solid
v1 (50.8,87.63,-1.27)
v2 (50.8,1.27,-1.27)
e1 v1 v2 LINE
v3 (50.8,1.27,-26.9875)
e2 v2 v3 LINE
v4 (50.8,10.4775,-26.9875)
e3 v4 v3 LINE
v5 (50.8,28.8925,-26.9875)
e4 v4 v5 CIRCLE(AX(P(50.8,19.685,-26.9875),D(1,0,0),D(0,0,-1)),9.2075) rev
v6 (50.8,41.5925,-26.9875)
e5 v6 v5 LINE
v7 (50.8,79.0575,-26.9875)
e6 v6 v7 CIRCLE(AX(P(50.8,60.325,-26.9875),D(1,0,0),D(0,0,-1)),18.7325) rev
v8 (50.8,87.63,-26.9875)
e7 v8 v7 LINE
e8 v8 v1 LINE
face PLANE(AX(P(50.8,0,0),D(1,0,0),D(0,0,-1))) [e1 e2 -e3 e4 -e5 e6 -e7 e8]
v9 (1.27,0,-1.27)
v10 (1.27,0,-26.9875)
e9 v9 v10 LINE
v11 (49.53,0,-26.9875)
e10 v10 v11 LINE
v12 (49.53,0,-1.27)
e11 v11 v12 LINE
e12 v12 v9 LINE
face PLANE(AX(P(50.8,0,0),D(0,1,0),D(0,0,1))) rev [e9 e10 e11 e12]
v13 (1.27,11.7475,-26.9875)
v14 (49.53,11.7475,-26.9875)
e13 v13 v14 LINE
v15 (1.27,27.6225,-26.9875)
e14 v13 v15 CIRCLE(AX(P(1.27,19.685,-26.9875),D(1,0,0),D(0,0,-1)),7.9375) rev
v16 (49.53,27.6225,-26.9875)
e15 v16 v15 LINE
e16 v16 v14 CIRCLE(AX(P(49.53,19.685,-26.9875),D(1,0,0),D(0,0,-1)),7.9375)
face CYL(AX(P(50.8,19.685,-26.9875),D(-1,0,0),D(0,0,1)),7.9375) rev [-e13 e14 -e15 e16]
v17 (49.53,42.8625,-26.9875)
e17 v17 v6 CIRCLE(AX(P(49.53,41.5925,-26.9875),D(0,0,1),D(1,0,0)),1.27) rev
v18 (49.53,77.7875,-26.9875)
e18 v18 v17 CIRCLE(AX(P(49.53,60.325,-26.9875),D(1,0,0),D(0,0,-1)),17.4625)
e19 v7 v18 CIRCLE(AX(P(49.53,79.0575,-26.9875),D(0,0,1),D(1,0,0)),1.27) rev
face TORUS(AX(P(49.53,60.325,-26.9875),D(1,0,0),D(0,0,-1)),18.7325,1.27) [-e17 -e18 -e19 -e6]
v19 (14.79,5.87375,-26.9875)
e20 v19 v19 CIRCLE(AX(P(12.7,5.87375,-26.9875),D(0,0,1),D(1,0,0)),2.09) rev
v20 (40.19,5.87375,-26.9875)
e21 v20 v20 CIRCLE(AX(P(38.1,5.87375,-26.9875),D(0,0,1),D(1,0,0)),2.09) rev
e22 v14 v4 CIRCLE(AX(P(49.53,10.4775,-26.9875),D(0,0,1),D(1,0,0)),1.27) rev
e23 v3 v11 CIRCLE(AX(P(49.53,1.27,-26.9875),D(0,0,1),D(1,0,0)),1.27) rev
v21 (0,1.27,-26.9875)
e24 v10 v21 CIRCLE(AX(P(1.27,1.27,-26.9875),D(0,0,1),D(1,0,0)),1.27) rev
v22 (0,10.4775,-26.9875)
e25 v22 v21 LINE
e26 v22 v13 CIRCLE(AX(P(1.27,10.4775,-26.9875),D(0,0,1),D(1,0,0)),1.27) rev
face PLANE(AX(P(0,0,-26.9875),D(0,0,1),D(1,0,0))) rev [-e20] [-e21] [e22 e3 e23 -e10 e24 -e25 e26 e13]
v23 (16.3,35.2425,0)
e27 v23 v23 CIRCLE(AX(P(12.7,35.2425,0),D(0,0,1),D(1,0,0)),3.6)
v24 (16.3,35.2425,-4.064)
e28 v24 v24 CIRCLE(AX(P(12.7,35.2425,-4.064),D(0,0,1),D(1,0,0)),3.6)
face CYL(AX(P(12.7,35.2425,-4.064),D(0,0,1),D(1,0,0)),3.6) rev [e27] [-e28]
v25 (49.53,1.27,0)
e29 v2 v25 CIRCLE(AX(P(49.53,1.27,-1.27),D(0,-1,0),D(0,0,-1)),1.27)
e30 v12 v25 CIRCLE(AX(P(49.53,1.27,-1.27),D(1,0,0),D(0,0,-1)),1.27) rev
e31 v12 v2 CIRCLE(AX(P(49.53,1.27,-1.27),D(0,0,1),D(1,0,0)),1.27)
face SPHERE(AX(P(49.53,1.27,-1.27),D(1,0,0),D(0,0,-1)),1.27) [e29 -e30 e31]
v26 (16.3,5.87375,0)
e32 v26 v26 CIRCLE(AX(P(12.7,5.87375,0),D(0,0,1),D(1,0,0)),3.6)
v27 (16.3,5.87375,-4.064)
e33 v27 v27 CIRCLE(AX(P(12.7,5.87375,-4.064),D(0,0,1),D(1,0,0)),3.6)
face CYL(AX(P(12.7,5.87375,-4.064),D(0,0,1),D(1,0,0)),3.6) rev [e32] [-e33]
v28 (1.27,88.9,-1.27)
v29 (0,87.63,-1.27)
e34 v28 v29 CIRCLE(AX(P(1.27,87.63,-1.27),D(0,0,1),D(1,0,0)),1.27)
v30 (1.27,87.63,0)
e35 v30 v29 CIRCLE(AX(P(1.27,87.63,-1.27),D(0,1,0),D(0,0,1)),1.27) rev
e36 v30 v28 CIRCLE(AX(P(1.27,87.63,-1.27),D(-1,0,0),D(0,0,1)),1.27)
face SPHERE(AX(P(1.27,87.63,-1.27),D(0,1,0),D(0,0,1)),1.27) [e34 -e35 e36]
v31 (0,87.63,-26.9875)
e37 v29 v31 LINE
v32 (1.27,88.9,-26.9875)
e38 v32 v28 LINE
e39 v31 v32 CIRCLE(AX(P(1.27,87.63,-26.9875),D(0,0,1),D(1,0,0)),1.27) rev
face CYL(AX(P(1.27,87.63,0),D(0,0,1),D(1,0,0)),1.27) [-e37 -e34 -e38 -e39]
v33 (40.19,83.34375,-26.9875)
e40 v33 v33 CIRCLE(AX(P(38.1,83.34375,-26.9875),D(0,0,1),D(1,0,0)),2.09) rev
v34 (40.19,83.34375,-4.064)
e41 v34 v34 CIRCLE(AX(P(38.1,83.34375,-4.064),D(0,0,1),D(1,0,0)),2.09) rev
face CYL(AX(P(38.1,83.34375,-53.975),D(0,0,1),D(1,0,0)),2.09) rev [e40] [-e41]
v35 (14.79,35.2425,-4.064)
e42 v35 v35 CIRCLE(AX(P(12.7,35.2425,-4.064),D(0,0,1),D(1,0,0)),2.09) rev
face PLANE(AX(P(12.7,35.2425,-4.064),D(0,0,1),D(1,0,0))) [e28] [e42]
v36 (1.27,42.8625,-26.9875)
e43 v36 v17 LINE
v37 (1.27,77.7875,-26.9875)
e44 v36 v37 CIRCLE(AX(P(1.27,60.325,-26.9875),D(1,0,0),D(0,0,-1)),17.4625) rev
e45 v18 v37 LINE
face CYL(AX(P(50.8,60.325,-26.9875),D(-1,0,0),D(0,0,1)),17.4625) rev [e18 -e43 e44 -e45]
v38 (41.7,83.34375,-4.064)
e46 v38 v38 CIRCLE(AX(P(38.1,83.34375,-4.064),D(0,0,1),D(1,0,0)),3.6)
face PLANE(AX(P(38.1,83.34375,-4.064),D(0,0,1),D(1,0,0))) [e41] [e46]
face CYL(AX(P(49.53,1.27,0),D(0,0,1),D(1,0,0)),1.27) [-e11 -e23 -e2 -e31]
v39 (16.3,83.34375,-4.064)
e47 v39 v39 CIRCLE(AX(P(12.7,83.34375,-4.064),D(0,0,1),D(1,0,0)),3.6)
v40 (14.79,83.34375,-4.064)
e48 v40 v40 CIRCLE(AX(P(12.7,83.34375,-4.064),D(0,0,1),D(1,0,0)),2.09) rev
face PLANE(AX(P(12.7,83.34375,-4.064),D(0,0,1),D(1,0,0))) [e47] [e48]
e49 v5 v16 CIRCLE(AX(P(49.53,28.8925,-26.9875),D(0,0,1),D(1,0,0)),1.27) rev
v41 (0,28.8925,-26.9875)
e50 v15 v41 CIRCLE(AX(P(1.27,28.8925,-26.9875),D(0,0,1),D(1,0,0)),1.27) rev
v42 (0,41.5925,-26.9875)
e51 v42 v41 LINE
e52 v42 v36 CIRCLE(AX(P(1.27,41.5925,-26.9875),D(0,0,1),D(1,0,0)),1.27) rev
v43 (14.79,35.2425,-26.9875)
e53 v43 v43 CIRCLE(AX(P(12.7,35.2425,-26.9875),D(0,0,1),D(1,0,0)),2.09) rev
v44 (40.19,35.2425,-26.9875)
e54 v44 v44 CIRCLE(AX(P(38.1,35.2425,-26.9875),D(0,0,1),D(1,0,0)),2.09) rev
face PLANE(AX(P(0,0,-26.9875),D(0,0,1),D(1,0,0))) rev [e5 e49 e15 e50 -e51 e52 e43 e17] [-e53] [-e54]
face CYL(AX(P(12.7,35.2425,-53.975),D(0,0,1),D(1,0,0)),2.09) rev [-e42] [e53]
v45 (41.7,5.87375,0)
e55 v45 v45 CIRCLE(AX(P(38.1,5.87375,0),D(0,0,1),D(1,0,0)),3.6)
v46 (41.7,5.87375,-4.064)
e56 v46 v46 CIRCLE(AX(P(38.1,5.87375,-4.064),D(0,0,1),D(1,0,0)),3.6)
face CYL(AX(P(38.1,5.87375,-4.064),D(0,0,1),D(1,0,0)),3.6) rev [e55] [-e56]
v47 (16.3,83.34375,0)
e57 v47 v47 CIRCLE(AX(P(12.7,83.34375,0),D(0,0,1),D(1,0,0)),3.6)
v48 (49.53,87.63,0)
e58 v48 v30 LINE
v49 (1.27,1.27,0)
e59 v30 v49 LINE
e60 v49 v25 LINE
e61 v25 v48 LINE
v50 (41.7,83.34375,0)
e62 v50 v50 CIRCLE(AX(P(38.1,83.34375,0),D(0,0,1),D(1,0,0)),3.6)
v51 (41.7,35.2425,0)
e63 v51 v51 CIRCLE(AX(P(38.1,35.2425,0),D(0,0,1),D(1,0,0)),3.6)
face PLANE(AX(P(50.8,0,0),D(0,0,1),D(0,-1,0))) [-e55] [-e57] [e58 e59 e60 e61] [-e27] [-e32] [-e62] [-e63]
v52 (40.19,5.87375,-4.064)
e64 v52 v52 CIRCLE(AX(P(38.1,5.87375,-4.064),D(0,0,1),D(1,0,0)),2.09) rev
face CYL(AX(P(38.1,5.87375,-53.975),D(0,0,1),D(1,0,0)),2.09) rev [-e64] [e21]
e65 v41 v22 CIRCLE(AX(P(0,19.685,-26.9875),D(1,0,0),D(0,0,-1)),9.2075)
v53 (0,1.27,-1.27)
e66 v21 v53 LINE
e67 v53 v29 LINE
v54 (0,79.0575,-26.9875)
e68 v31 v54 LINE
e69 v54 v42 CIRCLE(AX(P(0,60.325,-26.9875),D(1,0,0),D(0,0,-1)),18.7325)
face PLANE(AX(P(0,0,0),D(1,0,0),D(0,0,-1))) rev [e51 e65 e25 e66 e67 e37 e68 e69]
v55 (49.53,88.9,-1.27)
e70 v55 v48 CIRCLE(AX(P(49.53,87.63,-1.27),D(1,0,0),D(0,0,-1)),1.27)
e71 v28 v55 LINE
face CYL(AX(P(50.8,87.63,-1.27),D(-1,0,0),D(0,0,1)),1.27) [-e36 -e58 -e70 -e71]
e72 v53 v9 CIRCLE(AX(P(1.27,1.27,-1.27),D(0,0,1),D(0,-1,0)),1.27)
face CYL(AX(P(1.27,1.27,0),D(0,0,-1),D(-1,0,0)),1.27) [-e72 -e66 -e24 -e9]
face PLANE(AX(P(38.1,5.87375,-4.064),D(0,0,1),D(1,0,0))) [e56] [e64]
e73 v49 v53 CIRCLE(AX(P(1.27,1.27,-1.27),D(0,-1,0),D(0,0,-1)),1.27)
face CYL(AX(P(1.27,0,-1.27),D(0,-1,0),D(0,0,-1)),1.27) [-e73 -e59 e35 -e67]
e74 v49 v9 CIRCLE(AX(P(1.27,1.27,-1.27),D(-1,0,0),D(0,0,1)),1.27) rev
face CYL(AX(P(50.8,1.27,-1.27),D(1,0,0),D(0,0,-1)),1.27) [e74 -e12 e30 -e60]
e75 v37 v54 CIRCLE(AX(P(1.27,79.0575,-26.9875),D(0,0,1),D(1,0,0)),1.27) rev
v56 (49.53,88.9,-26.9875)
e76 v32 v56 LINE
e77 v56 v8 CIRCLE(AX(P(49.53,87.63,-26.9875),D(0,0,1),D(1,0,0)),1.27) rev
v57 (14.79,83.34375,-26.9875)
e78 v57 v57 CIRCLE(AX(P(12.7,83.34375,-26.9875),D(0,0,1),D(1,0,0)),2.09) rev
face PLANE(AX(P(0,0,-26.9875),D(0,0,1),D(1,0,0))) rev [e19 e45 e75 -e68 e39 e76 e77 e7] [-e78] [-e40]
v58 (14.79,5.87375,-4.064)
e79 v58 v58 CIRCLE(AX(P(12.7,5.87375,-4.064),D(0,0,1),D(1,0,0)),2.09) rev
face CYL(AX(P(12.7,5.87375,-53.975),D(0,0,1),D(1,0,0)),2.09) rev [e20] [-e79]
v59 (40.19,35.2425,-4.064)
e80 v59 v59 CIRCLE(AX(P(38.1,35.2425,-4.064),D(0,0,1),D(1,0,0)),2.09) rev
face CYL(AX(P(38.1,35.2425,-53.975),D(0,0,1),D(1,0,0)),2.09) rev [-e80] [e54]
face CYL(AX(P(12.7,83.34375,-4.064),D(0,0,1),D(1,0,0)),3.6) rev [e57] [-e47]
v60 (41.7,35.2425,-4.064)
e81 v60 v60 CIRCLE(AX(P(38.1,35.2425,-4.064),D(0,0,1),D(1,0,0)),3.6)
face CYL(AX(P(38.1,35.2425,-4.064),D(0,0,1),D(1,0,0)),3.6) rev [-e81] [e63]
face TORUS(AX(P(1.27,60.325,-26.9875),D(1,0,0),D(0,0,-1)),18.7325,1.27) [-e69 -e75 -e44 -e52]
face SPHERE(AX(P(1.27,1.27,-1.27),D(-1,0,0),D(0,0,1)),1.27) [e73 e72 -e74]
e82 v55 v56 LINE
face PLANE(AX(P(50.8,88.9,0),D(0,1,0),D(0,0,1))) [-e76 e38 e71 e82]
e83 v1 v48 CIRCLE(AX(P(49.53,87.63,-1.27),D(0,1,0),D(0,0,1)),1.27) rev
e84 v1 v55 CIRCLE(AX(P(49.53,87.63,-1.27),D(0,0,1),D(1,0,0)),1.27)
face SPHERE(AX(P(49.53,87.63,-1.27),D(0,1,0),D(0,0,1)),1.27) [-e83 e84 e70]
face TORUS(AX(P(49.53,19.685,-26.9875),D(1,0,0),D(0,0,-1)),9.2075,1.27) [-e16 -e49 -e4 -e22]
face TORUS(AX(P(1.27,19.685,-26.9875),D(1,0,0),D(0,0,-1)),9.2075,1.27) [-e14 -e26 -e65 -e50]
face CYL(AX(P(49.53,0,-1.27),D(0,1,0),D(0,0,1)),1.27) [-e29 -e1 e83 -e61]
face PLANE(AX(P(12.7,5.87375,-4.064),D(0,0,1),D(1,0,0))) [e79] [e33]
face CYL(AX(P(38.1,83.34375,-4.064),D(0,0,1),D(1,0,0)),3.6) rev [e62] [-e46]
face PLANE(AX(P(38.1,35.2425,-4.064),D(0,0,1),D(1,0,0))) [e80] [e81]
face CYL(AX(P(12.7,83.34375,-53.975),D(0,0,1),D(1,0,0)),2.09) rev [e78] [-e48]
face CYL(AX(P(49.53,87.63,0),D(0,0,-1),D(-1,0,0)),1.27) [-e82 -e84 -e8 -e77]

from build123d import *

# Parameters (mm, degrees)
SKETCH1_W           = 53.975
SKETCH1_H           = 88.9
SKETCH1_R           = 7.9375
SKETCH1_R_2         = 17.4625
BOSS_EXTRUDE1_DEPTH = 50.8
SKETCH5_R           = 2.09
CUT_EXTRUDE1_DEPTH  = 116.746060948
SKETCH5_3_R         = 3.6
CUT_EXTRUDE2_DEPTH  = 4.064
CUT_EXTRUDE3_DEPTH  = 2.54
FILLET1_R           = 1.27


with BuildPart() as part:
    # Sketch1 → Boss-Extrude1 (new body)
    with BuildSketch(Plane(origin=(0, 0, 0), x_dir=(0, 0, -1), z_dir=(1, 0, 0))):
        with Locations((26.9875, 44.45)):
            Rectangle(SKETCH1_W, SKETCH1_H)
        with Locations(Location((26.9875, 19.685, 0), (0, 0, 180))):
            Circle(SKETCH1_R, mode=Mode.SUBTRACT)
        with Locations(Location((26.9875, 60.325, 0), (0, 0, 180))):
            Circle(SKETCH1_R_2, mode=Mode.SUBTRACT)
    extrude(amount=BOSS_EXTRUDE1_DEPTH)

    # Sketch5 → Cut-Extrude1 (cut, through all)
    with BuildSketch(Plane.XY):
        with Locations((12.7, 83.34375)):
            Circle(SKETCH5_R)
        with Locations((12.7, 35.2425)):
            Circle(SKETCH5_R)
        with Locations((38.1, 83.34375)):
            Circle(SKETCH5_R)
        with Locations((38.1, 35.2425)):
            Circle(SKETCH5_R)
        with Locations((12.7, 5.87375)):
            Circle(SKETCH5_R)
        with Locations((38.1, 5.87375)):
            Circle(SKETCH5_R)
    extrude(amount=-CUT_EXTRUDE1_DEPTH, mode=Mode.SUBTRACT)

    # Sketch5<3> → Cut-Extrude2 (cut)
    with BuildSketch(Plane.XY):
        with Locations((38.1, 35.2425)):
            Circle(SKETCH5_3_R)
        with Locations((12.7, 83.34375)):
            Circle(SKETCH5_3_R)
        with Locations((38.1, 83.34375)):
            Circle(SKETCH5_3_R)
        with Locations((12.7, 35.2425)):
            Circle(SKETCH5_3_R)
        with Locations((38.1, 5.87375)):
            Circle(SKETCH5_3_R)
        with Locations((12.7, 5.87375)):
            Circle(SKETCH5_3_R)
    extrude(amount=-CUT_EXTRUDE2_DEPTH, mode=Mode.SUBTRACT)

    # Sketch6 → Cut-Extrude3 (cut)
    with BuildSketch(Plane(origin=(0, 0, -53.975), x_dir=(-1, 0, 0), z_dir=(0, 0, -1))):
        Polygon((-34.02855, 83.34375), (-36.064275, 86.86972913), (-40.135725, 86.86972913), (-42.17145, 83.34375), (-40.135725, 79.81777087), (-36.064275, 79.81777087), align=None)
        Polygon((-8.62855, 83.34375), (-10.664275, 86.86972913), (-14.735725, 86.86972913), (-16.77145, 83.34375), (-14.735725, 79.81777087), (-10.664275, 79.81777087), align=None)
        Polygon((-8.62855, 35.2425), (-10.664275, 38.76847913), (-14.735725, 38.76847913), (-16.77145, 35.2425), (-14.735725, 31.71652087), (-10.664275, 31.71652087), align=None)
        Polygon((-34.02855, 35.2425), (-36.064275, 38.76847913), (-40.135725, 38.76847913), (-42.17145, 35.2425), (-40.135725, 31.71652087), (-36.064275, 31.71652087), align=None)
        Polygon((-34.02855, 5.87375), (-36.064275, 9.39972913), (-40.135725, 9.39972913), (-42.17145, 5.87375), (-40.135725, 2.34777087), (-36.064275, 2.34777087), align=None)
        Polygon((-8.62855, 5.87375), (-10.664275, 9.39972913), (-14.735725, 9.39972913), (-16.77145, 5.87375), (-14.735725, 2.34777087), (-10.664275, 2.34777087), align=None)
    extrude(amount=-CUT_EXTRUDE3_DEPTH, mode=Mode.SUBTRACT)

    # Fillet1
    fillet1_edges = [part.edges().sort_by_distance(p)[0] for p in [
        (0, 60.325, -44.45),
        (50.8, 60.325, -44.45),
        (50.8, 88.9, -26.9875),
        (0, 19.685, -34.925),
        (50.8, 19.685, -34.925),
        (50.8, 44.45, 0),
        (50.8, 0, -26.9875),
        (0, 44.45, 0),
        (0, 88.9, -26.9875),
        (0, 44.45, -53.975),
        (0, 0, -26.9875),
        (25.4, 0, 0),
        (25.4, 88.9, 0),
        (25.4, 88.9, -53.975),
        (25.4, 0, -53.975),
        (50.8, 44.45, -53.975),
    ]]
    fillet(fillet1_edges, radius=FILLET1_R)

    # SurfaceCut1
    split(bisect_by=Plane.XY.offset(-26.9875), keep=Keep.TOP)


solid = part.part
